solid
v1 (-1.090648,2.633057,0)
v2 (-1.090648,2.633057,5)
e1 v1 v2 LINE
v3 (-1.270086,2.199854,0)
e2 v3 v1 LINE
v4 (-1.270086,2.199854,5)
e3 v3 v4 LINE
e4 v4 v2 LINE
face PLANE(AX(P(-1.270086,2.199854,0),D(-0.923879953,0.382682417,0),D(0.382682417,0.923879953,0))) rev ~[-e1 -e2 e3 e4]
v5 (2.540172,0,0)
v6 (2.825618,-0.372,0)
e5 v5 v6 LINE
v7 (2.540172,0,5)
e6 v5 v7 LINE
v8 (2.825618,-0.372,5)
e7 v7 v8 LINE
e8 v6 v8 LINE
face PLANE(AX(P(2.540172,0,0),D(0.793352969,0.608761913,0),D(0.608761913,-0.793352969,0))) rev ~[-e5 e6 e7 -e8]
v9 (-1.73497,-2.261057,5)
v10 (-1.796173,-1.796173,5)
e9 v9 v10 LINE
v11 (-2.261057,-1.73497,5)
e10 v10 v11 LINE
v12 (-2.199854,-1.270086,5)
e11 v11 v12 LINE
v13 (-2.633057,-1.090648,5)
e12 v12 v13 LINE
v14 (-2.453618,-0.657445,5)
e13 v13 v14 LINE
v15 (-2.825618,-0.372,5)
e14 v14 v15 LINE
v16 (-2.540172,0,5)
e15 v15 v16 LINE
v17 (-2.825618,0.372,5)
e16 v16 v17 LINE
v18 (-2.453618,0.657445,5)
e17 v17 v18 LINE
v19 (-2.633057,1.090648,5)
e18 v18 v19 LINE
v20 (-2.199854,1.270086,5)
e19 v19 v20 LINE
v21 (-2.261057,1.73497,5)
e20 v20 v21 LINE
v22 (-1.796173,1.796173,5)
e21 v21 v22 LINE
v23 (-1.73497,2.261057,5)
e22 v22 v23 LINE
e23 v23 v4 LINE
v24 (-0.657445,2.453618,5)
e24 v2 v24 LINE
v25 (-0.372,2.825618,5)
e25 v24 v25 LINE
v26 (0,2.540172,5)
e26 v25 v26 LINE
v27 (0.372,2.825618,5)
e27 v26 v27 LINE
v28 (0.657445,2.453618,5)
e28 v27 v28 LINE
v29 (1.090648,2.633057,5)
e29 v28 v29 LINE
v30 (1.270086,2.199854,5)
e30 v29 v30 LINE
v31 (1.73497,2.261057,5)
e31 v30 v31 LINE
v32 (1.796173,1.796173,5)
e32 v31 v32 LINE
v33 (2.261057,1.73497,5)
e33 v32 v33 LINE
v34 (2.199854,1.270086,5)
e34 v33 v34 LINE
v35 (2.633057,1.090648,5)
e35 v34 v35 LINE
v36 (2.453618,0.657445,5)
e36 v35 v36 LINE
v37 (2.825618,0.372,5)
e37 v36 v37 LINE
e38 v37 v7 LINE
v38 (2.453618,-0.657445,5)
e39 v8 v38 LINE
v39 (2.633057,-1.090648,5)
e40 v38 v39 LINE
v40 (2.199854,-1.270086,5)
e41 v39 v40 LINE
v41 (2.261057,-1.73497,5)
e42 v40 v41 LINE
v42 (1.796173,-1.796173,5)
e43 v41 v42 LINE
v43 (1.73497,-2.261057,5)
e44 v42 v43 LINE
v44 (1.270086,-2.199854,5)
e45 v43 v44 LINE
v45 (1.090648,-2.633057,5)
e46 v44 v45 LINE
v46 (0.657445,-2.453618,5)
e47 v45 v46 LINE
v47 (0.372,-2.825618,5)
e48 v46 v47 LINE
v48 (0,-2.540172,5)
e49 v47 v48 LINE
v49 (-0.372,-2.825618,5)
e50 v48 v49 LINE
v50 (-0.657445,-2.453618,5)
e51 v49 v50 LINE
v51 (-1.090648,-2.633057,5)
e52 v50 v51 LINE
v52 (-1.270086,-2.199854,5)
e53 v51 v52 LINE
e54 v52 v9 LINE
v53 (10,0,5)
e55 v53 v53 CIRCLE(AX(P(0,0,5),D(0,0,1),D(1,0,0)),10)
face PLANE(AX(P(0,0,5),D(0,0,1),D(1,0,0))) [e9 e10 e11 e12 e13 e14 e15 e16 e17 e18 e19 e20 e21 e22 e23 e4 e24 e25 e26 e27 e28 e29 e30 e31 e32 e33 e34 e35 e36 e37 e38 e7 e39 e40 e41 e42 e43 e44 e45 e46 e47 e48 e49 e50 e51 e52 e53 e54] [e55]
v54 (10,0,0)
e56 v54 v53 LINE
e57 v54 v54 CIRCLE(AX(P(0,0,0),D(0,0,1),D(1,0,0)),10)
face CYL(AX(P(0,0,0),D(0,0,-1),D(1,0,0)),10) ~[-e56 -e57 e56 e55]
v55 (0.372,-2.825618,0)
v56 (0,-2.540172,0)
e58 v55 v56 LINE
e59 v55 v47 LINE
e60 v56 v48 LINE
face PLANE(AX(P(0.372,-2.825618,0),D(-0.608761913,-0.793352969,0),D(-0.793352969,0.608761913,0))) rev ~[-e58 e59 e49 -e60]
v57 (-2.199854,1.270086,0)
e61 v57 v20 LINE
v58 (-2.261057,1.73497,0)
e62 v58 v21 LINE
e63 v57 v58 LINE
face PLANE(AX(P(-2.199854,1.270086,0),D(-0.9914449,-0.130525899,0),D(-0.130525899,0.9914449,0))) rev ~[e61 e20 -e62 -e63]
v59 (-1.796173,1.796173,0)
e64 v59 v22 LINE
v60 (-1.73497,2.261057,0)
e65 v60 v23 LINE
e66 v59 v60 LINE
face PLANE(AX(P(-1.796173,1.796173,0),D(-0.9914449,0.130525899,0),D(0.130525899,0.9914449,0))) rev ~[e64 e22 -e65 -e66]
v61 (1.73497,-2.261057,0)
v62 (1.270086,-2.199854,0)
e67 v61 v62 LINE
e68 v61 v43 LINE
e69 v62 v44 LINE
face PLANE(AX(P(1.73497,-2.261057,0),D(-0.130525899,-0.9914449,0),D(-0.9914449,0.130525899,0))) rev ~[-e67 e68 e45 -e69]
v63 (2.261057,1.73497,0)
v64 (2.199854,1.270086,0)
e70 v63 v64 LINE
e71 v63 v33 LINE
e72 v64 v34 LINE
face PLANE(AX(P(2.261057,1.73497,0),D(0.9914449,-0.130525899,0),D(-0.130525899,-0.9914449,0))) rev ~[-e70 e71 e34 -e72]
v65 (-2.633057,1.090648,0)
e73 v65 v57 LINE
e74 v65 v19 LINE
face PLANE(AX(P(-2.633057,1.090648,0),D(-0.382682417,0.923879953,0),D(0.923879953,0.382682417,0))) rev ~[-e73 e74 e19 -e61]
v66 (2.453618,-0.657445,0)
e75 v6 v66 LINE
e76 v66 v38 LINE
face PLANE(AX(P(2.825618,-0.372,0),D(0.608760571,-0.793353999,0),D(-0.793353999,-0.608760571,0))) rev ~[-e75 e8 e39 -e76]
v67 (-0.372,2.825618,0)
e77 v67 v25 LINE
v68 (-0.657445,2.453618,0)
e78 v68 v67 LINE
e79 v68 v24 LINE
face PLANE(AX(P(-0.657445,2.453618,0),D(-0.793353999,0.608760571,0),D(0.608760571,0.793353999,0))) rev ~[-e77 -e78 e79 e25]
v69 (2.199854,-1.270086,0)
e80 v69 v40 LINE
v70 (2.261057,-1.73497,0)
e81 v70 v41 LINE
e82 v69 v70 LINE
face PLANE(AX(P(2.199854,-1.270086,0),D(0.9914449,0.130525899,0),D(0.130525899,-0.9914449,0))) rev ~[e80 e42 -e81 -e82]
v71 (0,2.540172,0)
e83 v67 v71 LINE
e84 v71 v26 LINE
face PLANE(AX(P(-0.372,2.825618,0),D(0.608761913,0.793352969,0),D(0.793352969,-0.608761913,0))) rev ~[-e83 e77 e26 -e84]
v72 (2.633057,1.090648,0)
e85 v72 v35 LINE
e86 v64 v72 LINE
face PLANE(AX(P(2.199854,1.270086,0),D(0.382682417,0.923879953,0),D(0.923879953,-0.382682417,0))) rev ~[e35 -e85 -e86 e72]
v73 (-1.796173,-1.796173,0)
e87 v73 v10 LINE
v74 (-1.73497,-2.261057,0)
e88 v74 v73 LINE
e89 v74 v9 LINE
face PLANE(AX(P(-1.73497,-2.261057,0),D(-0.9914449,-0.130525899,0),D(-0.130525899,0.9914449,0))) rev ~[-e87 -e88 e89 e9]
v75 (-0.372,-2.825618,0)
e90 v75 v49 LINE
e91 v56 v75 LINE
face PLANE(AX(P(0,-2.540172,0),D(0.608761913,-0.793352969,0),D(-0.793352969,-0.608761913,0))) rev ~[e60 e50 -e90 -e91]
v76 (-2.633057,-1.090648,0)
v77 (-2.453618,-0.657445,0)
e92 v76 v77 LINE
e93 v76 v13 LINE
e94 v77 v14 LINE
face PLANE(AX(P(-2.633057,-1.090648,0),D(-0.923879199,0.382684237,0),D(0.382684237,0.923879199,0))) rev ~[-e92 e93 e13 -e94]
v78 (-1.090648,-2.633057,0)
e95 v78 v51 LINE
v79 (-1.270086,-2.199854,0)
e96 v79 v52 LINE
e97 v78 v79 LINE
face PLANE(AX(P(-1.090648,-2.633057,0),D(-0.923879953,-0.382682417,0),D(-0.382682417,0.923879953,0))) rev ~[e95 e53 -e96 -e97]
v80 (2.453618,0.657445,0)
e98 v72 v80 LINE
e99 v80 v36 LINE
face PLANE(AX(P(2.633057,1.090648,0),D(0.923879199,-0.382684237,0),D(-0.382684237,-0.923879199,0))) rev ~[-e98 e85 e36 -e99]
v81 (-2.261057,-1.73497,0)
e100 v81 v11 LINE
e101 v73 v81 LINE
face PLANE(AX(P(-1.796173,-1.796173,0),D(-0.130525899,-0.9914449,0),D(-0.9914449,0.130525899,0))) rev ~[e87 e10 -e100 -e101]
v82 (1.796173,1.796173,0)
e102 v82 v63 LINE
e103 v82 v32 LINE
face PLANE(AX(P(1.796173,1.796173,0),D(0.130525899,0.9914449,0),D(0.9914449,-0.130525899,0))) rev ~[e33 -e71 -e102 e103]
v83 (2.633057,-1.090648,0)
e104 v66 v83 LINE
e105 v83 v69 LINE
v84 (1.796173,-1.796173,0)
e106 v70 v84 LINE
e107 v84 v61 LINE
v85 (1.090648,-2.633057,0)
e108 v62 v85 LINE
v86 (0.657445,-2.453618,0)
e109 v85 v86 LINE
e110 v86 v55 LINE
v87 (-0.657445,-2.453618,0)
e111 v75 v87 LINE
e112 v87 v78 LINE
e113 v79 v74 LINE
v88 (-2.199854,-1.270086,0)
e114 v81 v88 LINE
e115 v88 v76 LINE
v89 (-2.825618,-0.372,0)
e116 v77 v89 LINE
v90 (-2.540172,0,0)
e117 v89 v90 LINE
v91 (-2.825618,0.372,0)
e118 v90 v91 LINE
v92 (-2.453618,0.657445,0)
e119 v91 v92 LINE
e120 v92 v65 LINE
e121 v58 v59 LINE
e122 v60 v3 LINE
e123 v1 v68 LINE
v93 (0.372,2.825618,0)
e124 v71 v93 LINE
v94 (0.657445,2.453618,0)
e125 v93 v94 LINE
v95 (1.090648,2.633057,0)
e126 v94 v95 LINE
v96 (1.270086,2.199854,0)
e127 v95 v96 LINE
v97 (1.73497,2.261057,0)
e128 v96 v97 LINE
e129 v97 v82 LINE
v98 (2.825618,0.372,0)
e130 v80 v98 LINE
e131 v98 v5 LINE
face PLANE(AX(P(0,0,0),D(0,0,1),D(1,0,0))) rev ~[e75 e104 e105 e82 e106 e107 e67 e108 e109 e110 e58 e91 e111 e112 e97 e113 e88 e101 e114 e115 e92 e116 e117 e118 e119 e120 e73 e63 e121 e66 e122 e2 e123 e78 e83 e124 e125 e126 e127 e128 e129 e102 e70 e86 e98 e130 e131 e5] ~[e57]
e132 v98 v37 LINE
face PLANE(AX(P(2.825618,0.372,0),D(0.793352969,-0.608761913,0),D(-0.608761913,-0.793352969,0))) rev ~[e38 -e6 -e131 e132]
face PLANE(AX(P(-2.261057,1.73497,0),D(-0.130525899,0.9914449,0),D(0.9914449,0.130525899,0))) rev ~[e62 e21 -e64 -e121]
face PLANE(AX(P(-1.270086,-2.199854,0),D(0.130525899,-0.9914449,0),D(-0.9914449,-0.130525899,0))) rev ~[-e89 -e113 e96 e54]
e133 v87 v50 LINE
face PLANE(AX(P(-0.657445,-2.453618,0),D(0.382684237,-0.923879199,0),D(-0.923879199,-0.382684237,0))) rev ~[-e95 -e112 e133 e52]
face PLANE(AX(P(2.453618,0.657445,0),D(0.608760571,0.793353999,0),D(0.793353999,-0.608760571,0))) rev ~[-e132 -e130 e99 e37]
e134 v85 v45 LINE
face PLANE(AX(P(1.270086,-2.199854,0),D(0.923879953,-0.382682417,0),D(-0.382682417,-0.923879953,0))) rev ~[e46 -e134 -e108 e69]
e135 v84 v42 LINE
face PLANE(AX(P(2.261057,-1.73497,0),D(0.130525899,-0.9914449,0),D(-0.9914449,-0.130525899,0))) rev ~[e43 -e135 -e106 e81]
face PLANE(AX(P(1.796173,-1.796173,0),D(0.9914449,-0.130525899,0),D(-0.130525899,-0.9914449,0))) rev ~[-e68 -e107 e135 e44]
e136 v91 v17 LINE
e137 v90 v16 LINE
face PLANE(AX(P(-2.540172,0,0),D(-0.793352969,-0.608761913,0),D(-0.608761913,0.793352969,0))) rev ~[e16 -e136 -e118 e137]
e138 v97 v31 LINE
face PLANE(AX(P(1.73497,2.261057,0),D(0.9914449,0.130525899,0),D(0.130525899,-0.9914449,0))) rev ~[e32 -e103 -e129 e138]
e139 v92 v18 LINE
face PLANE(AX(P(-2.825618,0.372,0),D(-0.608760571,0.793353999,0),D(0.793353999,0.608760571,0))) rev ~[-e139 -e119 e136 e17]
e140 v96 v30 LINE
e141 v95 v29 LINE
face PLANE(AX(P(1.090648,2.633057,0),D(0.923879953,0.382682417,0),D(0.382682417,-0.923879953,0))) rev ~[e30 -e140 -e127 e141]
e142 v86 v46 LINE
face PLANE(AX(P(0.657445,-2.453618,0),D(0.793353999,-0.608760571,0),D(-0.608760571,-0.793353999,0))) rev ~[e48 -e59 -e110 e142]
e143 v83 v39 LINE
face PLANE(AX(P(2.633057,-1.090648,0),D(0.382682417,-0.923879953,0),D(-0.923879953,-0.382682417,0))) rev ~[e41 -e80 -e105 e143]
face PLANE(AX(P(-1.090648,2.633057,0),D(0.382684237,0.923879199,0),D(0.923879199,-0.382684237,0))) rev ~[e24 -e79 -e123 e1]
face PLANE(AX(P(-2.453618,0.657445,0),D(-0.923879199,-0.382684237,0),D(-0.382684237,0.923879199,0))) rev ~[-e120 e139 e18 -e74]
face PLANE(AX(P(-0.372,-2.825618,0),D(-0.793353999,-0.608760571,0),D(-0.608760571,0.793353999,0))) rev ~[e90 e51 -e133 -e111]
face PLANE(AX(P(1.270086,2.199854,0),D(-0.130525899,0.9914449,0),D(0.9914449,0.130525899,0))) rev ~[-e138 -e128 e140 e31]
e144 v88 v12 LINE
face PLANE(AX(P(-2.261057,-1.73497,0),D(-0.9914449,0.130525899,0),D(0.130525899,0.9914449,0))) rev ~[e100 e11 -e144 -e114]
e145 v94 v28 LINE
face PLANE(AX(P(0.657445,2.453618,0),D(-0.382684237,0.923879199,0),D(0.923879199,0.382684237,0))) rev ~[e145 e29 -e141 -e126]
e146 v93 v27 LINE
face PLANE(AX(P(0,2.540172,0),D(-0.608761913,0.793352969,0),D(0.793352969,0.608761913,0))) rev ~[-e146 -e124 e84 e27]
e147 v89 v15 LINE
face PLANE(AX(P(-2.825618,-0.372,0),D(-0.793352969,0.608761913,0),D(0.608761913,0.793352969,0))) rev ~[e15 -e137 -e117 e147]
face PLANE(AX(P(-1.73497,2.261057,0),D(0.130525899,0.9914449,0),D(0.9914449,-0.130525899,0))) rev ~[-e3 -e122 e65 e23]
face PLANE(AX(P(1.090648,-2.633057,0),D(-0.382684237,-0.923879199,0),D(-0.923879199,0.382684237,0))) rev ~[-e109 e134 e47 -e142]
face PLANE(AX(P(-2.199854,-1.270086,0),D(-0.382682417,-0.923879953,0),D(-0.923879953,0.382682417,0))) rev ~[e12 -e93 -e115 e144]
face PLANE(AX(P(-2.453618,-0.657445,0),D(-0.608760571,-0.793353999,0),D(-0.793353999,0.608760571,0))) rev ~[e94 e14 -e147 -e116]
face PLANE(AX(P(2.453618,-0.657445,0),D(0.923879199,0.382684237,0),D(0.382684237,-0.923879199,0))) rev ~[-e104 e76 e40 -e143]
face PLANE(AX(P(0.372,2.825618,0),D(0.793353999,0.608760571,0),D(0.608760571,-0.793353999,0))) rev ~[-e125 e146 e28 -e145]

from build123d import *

# Parameters (mm, degrees)
F0_R     = 10
F1_DEPTH = 5


with BuildPart() as f1:
    # F0 (on Top) → F1 (new body)
    with BuildSketch(Plane.XY):
        Circle(F0_R)
        Polygon((-0.372, 2.825618), (0, 2.540172), (0.372, 2.825618), (0.657445, 2.453618), (1.090648, 2.633057), (1.270086, 2.199854), (1.73497, 2.261057), (1.796173, 1.796173), (2.261057, 1.73497), (2.199854, 1.270086), (2.633057, 1.090648), (2.453618, 0.657445), (2.825618, 0.372), (2.540172, 0), (2.825618, -0.372), (2.453618, -0.657445), (2.633057, -1.090648), (2.199854, -1.270086), (2.261057, -1.73497), (1.796173, -1.796173), (1.73497, -2.261057), (1.270086, -2.199854), (1.090648, -2.633057), (0.657445, -2.453618), (0.372, -2.825618), (0, -2.540172), (-0.372, -2.825618), (-0.657445, -2.453618), (-1.090648, -2.633057), (-1.270086, -2.199854), (-1.73497, -2.261057), (-1.796173, -1.796173), (-2.261057, -1.73497), (-2.199854, -1.270086), (-2.633057, -1.090648), (-2.453618, -0.657445), (-2.825618, -0.372), (-2.540172, 0), (-2.825618, 0.372), (-2.453618, 0.657445), (-2.633057, 1.090648), (-2.199854, 1.270086), (-2.261057, 1.73497), (-1.796173, 1.796173), (-1.73497, 2.261057), (-1.270086, 2.199854), (-1.090648, 2.633057), (-0.657445, 2.453618), align=None, mode=Mode.SUBTRACT)
    extrude(amount=F1_DEPTH)


solid = f1.part
